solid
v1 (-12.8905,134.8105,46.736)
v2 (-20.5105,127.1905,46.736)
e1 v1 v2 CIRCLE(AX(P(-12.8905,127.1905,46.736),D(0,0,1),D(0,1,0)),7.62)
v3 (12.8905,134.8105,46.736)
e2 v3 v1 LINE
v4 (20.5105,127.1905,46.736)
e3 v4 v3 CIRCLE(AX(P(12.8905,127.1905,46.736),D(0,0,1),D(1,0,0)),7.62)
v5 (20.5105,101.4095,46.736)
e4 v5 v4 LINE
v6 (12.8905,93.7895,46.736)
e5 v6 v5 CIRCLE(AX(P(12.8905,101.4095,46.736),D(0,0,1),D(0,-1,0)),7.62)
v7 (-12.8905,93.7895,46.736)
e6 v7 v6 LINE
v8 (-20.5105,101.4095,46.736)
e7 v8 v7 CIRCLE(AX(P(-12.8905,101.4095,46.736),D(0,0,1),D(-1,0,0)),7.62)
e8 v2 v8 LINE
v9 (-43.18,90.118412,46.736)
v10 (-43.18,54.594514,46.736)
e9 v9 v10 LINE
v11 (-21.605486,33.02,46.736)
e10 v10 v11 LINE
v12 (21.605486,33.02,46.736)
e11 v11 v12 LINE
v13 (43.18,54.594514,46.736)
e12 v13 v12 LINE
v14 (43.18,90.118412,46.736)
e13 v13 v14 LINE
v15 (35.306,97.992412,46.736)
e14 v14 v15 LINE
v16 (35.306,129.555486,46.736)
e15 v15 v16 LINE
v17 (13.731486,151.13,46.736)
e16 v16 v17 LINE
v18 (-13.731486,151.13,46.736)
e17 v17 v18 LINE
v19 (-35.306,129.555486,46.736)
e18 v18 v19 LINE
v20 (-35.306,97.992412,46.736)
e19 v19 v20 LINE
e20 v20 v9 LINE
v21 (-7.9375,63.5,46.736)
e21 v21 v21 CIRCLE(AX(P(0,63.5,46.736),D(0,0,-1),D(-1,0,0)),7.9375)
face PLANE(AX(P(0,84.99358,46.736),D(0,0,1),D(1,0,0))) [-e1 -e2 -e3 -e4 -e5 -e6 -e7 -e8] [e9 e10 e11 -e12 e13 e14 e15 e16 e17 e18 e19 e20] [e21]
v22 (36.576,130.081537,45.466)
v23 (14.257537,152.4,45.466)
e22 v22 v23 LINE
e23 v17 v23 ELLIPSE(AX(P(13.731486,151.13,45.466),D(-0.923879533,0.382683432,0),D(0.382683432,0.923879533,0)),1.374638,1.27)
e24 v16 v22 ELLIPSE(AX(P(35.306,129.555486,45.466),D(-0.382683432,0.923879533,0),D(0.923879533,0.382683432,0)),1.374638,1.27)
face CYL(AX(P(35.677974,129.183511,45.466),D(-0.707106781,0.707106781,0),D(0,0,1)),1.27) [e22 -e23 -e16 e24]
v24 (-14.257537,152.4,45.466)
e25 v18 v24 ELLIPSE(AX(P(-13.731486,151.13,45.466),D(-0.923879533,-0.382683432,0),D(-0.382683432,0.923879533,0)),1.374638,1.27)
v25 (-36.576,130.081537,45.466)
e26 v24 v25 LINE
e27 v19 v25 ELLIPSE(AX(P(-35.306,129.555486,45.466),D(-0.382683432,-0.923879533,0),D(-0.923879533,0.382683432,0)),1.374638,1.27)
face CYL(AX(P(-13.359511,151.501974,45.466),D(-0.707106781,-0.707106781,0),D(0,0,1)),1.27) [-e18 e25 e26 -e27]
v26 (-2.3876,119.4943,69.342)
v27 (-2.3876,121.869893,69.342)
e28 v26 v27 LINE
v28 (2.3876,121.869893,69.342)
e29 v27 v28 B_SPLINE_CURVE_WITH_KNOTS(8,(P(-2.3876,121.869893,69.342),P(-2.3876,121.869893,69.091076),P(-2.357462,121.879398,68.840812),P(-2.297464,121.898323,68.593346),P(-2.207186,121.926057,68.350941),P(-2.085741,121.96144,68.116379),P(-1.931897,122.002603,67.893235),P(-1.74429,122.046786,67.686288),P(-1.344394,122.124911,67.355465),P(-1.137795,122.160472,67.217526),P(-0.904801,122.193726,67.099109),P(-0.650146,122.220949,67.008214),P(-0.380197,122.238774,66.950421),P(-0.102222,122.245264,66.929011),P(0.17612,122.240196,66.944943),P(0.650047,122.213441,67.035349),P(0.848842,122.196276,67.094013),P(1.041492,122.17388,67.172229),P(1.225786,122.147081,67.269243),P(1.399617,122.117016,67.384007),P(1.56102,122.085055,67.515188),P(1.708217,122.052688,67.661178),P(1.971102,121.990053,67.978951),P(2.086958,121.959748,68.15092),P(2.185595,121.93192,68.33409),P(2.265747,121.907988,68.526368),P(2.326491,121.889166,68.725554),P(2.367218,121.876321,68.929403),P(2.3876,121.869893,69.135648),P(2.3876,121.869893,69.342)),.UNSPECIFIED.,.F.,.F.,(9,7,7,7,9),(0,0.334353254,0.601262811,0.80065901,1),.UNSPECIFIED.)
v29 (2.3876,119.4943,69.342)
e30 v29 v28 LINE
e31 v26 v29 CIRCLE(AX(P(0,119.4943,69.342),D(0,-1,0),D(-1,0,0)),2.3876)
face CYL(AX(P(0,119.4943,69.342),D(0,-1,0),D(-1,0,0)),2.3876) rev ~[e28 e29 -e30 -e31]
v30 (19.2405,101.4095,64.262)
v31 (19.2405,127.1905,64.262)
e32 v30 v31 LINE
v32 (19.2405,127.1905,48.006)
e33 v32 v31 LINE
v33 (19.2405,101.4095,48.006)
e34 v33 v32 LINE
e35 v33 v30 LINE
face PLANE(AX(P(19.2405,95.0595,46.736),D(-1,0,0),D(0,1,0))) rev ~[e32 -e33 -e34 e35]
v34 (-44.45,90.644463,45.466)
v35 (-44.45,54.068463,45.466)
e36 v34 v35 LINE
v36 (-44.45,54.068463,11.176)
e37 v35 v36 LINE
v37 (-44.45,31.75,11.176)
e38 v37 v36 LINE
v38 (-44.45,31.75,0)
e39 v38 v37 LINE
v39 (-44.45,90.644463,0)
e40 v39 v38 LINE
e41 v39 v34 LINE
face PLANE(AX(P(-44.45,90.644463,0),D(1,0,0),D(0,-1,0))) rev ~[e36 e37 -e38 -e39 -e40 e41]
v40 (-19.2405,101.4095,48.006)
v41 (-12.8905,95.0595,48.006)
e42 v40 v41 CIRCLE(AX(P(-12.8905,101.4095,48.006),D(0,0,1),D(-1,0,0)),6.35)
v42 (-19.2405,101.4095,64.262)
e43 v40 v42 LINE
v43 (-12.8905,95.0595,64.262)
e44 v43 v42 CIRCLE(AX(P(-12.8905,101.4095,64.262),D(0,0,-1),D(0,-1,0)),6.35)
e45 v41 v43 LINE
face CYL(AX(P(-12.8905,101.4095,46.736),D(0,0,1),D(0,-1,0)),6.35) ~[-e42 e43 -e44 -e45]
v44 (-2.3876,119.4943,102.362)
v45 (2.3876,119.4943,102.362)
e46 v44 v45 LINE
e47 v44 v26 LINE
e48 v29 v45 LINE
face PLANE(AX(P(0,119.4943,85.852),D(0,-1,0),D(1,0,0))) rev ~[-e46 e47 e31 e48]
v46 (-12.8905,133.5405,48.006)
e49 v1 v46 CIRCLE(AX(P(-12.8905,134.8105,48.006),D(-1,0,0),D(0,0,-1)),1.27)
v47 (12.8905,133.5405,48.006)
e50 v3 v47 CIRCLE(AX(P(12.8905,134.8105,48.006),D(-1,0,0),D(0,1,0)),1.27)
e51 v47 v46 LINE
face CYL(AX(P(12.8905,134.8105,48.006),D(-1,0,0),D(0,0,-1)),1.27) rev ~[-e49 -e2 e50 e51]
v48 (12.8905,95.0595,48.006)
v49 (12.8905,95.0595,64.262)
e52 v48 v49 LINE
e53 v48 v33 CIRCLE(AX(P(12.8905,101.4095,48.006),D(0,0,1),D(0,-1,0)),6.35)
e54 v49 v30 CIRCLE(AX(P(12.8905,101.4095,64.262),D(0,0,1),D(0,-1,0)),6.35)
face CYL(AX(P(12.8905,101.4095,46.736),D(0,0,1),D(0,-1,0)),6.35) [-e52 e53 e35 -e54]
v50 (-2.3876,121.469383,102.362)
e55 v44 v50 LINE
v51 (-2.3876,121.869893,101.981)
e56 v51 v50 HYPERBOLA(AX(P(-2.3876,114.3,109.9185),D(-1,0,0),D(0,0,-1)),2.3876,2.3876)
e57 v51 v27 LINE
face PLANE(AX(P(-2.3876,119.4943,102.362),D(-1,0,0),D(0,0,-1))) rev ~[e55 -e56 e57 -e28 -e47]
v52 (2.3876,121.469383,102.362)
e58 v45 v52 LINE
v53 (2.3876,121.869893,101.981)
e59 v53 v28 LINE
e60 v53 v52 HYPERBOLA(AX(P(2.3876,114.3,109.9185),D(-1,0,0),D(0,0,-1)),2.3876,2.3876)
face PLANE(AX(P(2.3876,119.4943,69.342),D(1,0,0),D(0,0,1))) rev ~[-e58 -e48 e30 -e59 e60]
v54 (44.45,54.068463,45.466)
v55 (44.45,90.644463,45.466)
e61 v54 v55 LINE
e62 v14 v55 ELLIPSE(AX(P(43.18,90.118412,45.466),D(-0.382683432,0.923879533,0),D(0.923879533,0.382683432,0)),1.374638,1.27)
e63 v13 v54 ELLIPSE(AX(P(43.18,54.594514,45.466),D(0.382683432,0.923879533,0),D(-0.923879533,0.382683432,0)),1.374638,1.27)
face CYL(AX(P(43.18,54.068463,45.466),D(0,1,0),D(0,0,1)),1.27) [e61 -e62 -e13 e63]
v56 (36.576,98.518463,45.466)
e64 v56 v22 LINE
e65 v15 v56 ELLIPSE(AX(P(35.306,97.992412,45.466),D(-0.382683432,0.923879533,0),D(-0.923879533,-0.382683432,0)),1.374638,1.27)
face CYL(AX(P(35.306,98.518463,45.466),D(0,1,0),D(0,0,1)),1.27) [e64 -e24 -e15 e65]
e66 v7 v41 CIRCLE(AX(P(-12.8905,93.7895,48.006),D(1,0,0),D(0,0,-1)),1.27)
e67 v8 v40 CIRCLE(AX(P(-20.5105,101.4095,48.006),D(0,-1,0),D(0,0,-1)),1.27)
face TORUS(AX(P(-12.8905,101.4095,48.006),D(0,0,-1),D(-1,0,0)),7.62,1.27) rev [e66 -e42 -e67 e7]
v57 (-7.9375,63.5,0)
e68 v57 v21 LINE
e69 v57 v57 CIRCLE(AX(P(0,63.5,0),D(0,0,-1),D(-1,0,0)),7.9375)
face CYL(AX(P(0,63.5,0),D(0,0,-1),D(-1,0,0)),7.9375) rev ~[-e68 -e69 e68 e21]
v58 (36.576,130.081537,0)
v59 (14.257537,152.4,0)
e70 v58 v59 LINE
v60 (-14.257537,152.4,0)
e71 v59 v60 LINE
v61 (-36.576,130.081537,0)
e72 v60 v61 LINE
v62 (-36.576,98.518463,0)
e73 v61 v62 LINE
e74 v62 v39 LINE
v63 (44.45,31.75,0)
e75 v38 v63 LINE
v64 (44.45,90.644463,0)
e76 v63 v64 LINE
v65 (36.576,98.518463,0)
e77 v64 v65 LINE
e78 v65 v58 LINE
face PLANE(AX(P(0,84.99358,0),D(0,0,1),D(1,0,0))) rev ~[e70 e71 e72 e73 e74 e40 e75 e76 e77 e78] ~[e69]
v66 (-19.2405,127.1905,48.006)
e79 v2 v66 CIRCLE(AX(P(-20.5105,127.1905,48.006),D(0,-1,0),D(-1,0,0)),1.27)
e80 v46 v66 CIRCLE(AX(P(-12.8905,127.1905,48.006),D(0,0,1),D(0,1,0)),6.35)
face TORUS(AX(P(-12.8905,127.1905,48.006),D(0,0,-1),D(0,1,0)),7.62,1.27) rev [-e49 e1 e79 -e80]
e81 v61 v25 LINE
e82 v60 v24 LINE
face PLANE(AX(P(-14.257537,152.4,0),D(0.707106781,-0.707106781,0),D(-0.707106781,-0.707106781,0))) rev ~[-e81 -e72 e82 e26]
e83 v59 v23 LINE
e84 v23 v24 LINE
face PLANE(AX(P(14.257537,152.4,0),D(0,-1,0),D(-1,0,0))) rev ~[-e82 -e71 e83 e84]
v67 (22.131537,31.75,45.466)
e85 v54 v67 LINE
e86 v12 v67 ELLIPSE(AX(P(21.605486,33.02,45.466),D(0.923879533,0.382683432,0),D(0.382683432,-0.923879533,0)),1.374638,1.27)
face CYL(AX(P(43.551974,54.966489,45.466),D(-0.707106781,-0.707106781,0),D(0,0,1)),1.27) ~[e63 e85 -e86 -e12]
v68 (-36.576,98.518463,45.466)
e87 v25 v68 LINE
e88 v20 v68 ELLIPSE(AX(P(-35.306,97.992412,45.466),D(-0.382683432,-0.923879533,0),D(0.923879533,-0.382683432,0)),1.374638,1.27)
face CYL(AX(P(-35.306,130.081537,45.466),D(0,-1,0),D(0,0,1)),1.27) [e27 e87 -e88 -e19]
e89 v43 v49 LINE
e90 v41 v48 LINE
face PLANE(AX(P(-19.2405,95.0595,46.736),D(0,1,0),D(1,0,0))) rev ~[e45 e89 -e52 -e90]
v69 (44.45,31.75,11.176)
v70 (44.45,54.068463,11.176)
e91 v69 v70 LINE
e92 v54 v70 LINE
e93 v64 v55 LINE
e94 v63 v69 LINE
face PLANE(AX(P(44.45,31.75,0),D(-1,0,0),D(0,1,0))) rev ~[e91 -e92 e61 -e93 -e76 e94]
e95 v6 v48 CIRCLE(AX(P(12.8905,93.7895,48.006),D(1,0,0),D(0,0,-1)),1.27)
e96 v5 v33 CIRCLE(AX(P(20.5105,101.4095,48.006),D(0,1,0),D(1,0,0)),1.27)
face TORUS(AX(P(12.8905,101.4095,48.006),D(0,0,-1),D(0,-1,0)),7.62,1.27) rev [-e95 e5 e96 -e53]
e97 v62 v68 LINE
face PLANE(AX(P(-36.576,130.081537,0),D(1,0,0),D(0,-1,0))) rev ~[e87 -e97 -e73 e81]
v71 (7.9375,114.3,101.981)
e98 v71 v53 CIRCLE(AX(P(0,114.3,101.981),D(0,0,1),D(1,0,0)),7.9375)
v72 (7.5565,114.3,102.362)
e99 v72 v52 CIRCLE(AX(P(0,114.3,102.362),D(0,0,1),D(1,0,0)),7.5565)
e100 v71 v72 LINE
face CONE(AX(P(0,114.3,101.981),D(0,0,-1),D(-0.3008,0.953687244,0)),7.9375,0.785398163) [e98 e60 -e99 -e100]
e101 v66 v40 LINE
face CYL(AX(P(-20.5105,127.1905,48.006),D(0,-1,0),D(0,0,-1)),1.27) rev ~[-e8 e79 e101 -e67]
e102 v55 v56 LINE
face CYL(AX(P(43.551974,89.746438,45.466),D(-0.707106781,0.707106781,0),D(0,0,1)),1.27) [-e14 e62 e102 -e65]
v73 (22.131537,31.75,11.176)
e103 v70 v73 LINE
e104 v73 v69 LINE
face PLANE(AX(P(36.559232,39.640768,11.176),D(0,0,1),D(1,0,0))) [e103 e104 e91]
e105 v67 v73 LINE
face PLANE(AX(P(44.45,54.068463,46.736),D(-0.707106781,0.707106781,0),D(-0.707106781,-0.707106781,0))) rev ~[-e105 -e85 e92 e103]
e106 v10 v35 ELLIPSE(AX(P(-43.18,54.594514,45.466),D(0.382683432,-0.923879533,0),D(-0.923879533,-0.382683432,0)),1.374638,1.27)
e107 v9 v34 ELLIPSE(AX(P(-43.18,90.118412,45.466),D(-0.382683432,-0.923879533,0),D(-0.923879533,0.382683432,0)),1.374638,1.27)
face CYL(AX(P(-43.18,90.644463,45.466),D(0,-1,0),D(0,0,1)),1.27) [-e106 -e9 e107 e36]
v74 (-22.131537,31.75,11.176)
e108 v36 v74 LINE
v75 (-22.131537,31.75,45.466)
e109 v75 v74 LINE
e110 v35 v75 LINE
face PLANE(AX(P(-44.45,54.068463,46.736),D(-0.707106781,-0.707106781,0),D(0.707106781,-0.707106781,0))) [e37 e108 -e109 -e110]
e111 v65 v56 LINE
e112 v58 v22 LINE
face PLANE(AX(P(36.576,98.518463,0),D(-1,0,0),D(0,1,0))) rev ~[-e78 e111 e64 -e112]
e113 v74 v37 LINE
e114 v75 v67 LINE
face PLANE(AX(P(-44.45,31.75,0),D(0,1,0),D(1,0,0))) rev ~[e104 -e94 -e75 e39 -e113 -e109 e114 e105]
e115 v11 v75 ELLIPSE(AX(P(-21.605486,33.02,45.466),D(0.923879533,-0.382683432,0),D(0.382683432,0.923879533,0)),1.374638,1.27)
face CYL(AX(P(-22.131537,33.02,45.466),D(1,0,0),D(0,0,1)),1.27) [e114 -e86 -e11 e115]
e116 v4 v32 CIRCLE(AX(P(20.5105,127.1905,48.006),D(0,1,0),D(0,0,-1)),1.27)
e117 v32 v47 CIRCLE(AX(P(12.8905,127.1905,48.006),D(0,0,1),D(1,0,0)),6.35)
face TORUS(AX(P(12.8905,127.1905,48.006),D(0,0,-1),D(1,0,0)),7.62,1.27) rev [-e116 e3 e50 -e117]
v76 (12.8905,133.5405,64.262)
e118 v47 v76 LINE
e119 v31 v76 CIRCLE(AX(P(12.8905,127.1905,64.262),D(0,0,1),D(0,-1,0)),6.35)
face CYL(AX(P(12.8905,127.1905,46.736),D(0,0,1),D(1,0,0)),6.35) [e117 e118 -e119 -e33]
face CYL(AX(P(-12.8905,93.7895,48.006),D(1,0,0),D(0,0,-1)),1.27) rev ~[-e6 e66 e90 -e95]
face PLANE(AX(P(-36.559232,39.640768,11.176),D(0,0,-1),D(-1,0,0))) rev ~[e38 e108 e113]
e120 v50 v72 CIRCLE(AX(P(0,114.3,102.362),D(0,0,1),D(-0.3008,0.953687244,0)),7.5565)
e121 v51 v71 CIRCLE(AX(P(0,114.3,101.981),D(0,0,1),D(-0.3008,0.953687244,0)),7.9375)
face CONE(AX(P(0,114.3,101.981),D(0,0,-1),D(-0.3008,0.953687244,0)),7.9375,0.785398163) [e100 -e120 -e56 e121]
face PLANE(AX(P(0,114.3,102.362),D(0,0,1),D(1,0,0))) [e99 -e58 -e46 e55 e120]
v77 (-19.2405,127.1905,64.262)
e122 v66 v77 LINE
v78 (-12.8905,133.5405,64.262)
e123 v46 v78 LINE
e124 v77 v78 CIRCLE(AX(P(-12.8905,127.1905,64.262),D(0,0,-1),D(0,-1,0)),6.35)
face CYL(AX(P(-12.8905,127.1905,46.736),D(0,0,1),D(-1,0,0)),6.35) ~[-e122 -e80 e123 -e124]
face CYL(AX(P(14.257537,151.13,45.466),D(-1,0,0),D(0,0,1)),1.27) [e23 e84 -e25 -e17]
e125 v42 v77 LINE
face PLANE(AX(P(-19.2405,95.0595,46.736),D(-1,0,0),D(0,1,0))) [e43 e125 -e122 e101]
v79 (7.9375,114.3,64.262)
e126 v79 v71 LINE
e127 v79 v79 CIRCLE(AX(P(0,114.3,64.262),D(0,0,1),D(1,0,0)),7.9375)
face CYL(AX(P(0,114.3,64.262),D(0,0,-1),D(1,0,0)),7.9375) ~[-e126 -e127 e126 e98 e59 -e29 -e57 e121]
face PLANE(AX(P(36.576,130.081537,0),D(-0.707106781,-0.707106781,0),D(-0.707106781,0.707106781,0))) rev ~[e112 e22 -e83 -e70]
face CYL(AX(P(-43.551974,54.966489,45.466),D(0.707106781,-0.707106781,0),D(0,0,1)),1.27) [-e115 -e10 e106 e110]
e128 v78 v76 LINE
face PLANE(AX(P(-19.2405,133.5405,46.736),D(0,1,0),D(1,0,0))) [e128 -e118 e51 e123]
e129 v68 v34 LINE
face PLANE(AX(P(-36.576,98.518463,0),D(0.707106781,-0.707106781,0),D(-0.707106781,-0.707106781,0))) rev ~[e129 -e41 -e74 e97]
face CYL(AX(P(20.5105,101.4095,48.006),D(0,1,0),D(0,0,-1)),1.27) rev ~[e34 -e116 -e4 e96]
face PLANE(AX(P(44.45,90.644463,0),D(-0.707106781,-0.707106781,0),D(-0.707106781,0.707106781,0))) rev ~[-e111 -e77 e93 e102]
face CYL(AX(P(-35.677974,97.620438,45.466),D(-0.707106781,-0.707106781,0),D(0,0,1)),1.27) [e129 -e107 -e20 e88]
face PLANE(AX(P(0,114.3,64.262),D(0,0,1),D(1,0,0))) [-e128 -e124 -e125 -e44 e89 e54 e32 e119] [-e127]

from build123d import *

# Parameters (mm, degrees)
BOSS_EXTRUDE1_DEPTH = 46.736
SKETCH3_W           = 38.481
SKETCH3_H           = 38.481
BOSS_EXTRUDE2_DEPTH = 17.526
SKETCH_D_R          = 7.9375
BOSS_EXTRUDE3_DEPTH = 38.1
CUT_EXTRUDE1_DEPTH  = 35.56
FILLET1_R           = 6.35
FILLET2_R           = 1.27
KEYWAY_START        = 5.1943
KEYWAY_DEPTH        = 33.9057
CHAMFER1_SIZE       = 0.381
SKETCH7_R           = 7.9375
CUT_EXTRUDE3_DEPTH  = 103.362


with BuildPart() as part:
    # L,M → Boss-Extrude1 (new body)
    with BuildSketch(Plane.XY):
        Polygon((-44.45, 31.75), (44.45, 31.75), (44.45, 90.644463274), (36.576, 98.518463274), (36.576, 130.081536726), (14.257536726, 152.4), (-14.257536726, 152.4), (-36.576, 130.081536726), (-36.576, 98.518463274), (-44.45, 90.644463274), align=None)
    extrude(amount=BOSS_EXTRUDE1_DEPTH)

    # Sketch3 → Boss-Extrude2 (add)
    with BuildSketch(Plane.XY.offset(46.736)):
        with Locations((0, 114.3)):
            Rectangle(SKETCH3_W, SKETCH3_H)
    extrude(amount=BOSS_EXTRUDE2_DEPTH)

    # D → Boss-Extrude3 (add)
    with BuildSketch(Plane.XY.offset(64.262)):
        with Locations((0, 114.3)):
            Circle(SKETCH_D_R)
    extrude(amount=BOSS_EXTRUDE3_DEPTH)

    # Sketch5 → Cut-Extrude1 (cut)
    with BuildSketch(Plane.XY.offset(46.736)):
        Polygon((44.45, 54.068463274), (22.131536726, 31.75), (44.45, 31.75), align=None)
        Polygon((-44.45, 31.75), (-44.45, 54.068463274), (-22.131536726, 31.75), align=None)
    extrude(amount=-CUT_EXTRUDE1_DEPTH, mode=Mode.SUBTRACT)

    # Fillet1
    fillet1_edges = [part.edges().sort_by_distance(p)[0] for p in [
        (-19.2405, 133.5405, 55.499),
        (-19.2405, 95.0595, 55.499),
        (19.2405, 95.0595, 55.499),
        (19.2405, 133.5405, 55.499),
    ]]
    fillet(fillet1_edges, radius=FILLET1_R)

    # Fillet2
    fillet2_edges = [part.edges().sort_by_distance(p)[0] for p in [
        (44.45, 72.356463274, 46.736),
        (33.290768363, 42.909231637, 46.736),
        (40.513, 94.581463274, 46.736),
        (36.576, 114.3, 46.736),
        (25.416768363, 141.240768363, 46.736),
        (0, 31.75, 46.736),
        (0, 152.4, 46.736),
        (-25.416768363, 141.240768363, 46.736),
        (-36.576, 114.3, 46.736),
        (-40.513, 94.581463274, 46.736),
        (-44.45, 72.356463274, 46.736),
        (-33.290768363, 42.909231637, 46.736),
        (0, 95.0595, 46.736),
        (-19.2405, 114.3, 46.736),
        (19.2405, 114.3, 46.736),
        (0, 133.5405, 46.736),
        (-17.380628061, 96.919371939, 46.736),
        (17.380628061, 96.919371939, 46.736),
        (-17.380628061, 131.680628061, 46.736),
        (17.380628061, 131.680628061, 46.736),
    ]]
    fillet(fillet2_edges, radius=FILLET2_R)

    # Sketch6 → Keyway (cut, through all)
    with BuildSketch(Plane(origin=(0, 114.3, 0), x_dir=(-1, 0, 0), z_dir=(0, 1, 0)).offset(KEYWAY_START)):
        with BuildLine():
            Line((2.3876, 102.362), (2.3876, 69.342))
            ThreePointArc((2.3876, 69.342), (0, 66.9544), (-2.3876, 69.342))
            Line((-2.3876, 69.342), (-2.3876, 102.362))
            ThreePointArc((-2.3876, 102.362), (0, 104.7496), (2.3876, 102.362))
        make_face()
    extrude(amount=KEYWAY_DEPTH, mode=Mode.SUBTRACT)

    # Chamfer1
    chamfer1_edges = [part.edges().sort_by_distance(p)[0] for p in [
        (-4.693204196, 107.898614164, 102.362),
    ]]
    chamfer(chamfer1_edges, length=CHAMFER1_SIZE)

    # Sketch7 → Cut-Extrude3 (cut, through all)
    with BuildSketch(Plane(origin=(0, 0, 0), x_dir=(-1, 0, 0), z_dir=(0, 0, -1))):
        with Locations((0, 63.5)):
            Circle(SKETCH7_R)
    extrude(amount=-CUT_EXTRUDE3_DEPTH, mode=Mode.SUBTRACT)


solid = part.part
